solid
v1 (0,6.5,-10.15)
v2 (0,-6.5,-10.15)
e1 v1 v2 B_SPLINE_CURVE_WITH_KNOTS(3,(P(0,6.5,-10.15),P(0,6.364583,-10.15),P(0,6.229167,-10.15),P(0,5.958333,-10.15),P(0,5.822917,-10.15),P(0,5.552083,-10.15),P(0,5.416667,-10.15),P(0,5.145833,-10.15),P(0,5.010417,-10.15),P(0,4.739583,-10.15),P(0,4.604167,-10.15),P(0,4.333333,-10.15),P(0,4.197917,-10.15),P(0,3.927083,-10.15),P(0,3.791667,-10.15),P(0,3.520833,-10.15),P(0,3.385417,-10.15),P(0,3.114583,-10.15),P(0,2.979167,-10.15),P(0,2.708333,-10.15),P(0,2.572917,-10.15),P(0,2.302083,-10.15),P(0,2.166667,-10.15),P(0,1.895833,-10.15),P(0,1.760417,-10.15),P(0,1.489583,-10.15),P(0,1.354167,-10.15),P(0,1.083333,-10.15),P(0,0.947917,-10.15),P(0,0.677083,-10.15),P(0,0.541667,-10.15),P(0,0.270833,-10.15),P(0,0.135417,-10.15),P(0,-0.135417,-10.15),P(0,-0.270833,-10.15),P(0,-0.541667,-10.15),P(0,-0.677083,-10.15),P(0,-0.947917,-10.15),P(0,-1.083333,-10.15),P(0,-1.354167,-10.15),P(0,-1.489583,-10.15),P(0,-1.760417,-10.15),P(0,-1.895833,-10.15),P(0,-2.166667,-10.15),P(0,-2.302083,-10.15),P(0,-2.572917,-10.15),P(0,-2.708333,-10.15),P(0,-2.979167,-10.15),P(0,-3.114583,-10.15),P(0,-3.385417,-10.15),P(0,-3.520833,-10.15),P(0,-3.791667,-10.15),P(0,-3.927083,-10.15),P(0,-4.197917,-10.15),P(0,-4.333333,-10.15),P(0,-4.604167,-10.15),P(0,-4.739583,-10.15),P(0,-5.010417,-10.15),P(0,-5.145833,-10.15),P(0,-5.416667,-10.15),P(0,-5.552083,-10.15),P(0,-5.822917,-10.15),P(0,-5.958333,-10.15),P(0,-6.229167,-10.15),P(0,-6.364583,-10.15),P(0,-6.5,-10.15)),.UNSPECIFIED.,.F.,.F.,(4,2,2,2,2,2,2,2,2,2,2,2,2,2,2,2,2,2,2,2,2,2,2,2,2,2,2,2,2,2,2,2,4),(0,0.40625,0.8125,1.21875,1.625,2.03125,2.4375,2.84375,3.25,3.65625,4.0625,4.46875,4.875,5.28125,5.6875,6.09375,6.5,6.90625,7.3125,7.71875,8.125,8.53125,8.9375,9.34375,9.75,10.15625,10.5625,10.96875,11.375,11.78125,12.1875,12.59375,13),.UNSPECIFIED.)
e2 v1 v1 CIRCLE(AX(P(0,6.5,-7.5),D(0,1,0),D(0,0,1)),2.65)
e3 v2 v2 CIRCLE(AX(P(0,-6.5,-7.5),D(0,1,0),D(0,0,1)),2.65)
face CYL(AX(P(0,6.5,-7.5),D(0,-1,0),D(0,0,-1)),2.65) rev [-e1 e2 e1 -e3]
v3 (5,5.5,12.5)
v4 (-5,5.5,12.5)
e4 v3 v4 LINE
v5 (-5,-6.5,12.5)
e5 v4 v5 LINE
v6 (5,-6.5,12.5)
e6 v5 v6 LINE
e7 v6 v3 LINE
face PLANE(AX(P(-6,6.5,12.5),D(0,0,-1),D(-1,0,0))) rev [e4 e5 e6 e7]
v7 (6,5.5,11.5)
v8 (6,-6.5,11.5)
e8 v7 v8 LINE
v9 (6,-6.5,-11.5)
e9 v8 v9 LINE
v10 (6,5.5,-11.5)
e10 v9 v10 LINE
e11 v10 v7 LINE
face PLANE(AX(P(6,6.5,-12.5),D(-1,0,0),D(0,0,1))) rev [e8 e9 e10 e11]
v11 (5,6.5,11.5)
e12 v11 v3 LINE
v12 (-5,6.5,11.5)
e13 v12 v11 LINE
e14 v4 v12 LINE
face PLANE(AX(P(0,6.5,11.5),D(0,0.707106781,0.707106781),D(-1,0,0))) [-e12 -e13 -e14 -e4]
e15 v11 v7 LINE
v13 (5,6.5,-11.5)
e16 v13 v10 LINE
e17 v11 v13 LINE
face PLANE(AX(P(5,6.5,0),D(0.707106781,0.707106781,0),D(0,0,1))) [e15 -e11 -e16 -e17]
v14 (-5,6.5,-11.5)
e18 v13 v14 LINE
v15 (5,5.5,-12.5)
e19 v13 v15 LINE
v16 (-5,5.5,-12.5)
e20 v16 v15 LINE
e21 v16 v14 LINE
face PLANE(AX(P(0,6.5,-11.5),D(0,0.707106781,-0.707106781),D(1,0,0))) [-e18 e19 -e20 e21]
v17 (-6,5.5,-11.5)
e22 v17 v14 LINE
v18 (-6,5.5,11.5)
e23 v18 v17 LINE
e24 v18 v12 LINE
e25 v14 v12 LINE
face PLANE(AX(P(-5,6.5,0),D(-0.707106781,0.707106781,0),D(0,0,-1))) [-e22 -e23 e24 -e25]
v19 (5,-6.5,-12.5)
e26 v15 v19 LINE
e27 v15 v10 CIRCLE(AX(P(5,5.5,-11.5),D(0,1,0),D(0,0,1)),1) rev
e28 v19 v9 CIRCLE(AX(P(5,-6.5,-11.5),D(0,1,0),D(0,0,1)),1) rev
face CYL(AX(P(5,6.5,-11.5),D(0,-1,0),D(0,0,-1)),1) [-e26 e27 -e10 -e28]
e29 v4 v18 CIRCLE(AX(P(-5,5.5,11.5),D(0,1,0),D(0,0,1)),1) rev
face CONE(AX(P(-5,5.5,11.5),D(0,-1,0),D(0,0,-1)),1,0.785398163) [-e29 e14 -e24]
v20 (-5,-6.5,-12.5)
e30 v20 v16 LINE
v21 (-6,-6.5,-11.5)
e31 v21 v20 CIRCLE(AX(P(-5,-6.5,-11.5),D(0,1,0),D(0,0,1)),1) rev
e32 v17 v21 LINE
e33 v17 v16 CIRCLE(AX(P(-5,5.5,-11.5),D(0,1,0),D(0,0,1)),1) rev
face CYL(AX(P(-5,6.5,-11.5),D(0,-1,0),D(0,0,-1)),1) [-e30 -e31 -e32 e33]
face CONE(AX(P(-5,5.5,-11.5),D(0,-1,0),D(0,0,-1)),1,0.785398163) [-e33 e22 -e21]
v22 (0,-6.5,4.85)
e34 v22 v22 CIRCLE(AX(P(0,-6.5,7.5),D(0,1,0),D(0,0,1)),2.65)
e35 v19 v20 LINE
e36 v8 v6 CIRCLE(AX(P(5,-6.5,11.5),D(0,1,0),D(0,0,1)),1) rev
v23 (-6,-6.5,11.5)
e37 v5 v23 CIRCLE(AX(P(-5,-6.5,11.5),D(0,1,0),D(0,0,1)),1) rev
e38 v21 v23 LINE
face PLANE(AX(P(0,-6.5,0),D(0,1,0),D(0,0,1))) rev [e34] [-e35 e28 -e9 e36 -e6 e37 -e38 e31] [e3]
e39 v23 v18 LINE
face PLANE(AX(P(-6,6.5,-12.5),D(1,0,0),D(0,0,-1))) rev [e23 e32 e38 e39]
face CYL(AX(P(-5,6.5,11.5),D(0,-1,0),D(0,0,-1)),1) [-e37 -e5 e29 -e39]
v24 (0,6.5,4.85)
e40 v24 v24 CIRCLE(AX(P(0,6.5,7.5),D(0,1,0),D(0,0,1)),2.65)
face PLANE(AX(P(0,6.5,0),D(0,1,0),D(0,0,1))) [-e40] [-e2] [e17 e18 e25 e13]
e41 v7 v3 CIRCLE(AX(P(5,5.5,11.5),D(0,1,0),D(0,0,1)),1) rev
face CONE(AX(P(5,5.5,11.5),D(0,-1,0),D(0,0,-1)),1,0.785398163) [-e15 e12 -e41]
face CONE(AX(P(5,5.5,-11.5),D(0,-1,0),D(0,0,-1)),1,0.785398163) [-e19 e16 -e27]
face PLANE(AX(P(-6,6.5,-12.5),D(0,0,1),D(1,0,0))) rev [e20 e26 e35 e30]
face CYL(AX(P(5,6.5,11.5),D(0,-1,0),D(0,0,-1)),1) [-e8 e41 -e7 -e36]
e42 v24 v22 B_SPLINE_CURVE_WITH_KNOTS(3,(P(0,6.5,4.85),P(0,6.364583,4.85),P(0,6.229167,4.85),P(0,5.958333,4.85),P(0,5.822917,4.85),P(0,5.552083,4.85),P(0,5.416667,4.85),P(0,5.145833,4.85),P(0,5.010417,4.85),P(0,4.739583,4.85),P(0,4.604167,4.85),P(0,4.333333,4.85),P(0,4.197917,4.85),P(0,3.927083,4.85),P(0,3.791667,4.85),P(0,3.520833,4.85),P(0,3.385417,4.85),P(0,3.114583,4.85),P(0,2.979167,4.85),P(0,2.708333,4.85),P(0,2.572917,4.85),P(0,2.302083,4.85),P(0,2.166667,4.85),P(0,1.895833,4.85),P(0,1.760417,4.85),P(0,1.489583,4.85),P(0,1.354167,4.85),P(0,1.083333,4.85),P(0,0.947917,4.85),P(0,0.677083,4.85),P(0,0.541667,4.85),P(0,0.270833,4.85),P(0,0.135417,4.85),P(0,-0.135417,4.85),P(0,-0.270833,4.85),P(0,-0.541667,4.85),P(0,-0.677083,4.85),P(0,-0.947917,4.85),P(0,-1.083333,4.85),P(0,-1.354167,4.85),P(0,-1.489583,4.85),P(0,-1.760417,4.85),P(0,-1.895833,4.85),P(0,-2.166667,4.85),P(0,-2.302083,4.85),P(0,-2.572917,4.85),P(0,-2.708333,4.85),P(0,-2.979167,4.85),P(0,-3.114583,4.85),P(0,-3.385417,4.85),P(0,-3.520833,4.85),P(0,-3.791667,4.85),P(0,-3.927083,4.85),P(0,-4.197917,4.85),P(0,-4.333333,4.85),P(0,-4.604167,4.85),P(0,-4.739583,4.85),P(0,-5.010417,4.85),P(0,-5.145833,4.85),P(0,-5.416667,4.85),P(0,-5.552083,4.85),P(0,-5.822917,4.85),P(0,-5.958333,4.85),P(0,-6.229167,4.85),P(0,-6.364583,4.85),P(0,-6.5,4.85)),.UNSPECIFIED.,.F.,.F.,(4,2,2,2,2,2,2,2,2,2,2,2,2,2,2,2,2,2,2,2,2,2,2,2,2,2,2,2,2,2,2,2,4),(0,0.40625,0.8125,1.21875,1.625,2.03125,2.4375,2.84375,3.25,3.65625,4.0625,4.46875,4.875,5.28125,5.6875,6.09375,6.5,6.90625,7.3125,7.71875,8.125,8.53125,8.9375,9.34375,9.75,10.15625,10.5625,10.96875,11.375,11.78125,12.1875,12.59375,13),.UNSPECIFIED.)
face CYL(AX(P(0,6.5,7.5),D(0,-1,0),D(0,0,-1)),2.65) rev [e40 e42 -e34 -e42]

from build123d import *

# Parameters (mm, degrees)
SKETCH1_W           = 12
SKETCH1_H           = 25
SKETCH1_R           = 2.65
BOSS_EXTRUDE1_DEPTH = 6.5
FILLET1_R           = 1
CHAMFER1_SIZE       = 1


with BuildPart() as part:
    # Sketch1 → Boss-Extrude1 (new, symmetric)
    with BuildSketch(Plane(origin=(0, 0, 0), x_dir=(1, 0, 0), z_dir=(0, 1, 0))):
        Rectangle(SKETCH1_W, SKETCH1_H)
        with Locations(Location((0, 7.5, 0), (0, 0, 90))):
            Circle(SKETCH1_R, mode=Mode.SUBTRACT)
        with Locations(Location((0, -7.5, 0), (0, 0, 90))):
            Circle(SKETCH1_R, mode=Mode.SUBTRACT)
    extrude(amount=BOSS_EXTRUDE1_DEPTH, both=True)

    # Fillet1
    fillet1_edges = [part.edges().sort_by_distance(p)[0] for p in [
        (6, 0, 12.5),
        (-6, 0, 12.5),
        (-6, 0, -12.5),
        (6, 0, -12.5),
    ]]
    fillet(fillet1_edges, radius=FILLET1_R)

    # Chamfer1
    chamfer1_edges = [part.edges().sort_by_distance(p)[0] for p in [
        (0, 6.5, 12.5),
        (-6, 6.5, 0),
        (6, 6.5, 0),
        (0, 6.5, -12.5),
        (5.707106781, 6.5, 12.207106781),
        (5.707106781, 6.5, -12.207106781),
        (-5.707106781, 6.5, -12.207106781),
        (-5.707106781, 6.5, 12.207106781),
    ]]
    chamfer(chamfer1_edges, length=CHAMFER1_SIZE)


solid = part.part
